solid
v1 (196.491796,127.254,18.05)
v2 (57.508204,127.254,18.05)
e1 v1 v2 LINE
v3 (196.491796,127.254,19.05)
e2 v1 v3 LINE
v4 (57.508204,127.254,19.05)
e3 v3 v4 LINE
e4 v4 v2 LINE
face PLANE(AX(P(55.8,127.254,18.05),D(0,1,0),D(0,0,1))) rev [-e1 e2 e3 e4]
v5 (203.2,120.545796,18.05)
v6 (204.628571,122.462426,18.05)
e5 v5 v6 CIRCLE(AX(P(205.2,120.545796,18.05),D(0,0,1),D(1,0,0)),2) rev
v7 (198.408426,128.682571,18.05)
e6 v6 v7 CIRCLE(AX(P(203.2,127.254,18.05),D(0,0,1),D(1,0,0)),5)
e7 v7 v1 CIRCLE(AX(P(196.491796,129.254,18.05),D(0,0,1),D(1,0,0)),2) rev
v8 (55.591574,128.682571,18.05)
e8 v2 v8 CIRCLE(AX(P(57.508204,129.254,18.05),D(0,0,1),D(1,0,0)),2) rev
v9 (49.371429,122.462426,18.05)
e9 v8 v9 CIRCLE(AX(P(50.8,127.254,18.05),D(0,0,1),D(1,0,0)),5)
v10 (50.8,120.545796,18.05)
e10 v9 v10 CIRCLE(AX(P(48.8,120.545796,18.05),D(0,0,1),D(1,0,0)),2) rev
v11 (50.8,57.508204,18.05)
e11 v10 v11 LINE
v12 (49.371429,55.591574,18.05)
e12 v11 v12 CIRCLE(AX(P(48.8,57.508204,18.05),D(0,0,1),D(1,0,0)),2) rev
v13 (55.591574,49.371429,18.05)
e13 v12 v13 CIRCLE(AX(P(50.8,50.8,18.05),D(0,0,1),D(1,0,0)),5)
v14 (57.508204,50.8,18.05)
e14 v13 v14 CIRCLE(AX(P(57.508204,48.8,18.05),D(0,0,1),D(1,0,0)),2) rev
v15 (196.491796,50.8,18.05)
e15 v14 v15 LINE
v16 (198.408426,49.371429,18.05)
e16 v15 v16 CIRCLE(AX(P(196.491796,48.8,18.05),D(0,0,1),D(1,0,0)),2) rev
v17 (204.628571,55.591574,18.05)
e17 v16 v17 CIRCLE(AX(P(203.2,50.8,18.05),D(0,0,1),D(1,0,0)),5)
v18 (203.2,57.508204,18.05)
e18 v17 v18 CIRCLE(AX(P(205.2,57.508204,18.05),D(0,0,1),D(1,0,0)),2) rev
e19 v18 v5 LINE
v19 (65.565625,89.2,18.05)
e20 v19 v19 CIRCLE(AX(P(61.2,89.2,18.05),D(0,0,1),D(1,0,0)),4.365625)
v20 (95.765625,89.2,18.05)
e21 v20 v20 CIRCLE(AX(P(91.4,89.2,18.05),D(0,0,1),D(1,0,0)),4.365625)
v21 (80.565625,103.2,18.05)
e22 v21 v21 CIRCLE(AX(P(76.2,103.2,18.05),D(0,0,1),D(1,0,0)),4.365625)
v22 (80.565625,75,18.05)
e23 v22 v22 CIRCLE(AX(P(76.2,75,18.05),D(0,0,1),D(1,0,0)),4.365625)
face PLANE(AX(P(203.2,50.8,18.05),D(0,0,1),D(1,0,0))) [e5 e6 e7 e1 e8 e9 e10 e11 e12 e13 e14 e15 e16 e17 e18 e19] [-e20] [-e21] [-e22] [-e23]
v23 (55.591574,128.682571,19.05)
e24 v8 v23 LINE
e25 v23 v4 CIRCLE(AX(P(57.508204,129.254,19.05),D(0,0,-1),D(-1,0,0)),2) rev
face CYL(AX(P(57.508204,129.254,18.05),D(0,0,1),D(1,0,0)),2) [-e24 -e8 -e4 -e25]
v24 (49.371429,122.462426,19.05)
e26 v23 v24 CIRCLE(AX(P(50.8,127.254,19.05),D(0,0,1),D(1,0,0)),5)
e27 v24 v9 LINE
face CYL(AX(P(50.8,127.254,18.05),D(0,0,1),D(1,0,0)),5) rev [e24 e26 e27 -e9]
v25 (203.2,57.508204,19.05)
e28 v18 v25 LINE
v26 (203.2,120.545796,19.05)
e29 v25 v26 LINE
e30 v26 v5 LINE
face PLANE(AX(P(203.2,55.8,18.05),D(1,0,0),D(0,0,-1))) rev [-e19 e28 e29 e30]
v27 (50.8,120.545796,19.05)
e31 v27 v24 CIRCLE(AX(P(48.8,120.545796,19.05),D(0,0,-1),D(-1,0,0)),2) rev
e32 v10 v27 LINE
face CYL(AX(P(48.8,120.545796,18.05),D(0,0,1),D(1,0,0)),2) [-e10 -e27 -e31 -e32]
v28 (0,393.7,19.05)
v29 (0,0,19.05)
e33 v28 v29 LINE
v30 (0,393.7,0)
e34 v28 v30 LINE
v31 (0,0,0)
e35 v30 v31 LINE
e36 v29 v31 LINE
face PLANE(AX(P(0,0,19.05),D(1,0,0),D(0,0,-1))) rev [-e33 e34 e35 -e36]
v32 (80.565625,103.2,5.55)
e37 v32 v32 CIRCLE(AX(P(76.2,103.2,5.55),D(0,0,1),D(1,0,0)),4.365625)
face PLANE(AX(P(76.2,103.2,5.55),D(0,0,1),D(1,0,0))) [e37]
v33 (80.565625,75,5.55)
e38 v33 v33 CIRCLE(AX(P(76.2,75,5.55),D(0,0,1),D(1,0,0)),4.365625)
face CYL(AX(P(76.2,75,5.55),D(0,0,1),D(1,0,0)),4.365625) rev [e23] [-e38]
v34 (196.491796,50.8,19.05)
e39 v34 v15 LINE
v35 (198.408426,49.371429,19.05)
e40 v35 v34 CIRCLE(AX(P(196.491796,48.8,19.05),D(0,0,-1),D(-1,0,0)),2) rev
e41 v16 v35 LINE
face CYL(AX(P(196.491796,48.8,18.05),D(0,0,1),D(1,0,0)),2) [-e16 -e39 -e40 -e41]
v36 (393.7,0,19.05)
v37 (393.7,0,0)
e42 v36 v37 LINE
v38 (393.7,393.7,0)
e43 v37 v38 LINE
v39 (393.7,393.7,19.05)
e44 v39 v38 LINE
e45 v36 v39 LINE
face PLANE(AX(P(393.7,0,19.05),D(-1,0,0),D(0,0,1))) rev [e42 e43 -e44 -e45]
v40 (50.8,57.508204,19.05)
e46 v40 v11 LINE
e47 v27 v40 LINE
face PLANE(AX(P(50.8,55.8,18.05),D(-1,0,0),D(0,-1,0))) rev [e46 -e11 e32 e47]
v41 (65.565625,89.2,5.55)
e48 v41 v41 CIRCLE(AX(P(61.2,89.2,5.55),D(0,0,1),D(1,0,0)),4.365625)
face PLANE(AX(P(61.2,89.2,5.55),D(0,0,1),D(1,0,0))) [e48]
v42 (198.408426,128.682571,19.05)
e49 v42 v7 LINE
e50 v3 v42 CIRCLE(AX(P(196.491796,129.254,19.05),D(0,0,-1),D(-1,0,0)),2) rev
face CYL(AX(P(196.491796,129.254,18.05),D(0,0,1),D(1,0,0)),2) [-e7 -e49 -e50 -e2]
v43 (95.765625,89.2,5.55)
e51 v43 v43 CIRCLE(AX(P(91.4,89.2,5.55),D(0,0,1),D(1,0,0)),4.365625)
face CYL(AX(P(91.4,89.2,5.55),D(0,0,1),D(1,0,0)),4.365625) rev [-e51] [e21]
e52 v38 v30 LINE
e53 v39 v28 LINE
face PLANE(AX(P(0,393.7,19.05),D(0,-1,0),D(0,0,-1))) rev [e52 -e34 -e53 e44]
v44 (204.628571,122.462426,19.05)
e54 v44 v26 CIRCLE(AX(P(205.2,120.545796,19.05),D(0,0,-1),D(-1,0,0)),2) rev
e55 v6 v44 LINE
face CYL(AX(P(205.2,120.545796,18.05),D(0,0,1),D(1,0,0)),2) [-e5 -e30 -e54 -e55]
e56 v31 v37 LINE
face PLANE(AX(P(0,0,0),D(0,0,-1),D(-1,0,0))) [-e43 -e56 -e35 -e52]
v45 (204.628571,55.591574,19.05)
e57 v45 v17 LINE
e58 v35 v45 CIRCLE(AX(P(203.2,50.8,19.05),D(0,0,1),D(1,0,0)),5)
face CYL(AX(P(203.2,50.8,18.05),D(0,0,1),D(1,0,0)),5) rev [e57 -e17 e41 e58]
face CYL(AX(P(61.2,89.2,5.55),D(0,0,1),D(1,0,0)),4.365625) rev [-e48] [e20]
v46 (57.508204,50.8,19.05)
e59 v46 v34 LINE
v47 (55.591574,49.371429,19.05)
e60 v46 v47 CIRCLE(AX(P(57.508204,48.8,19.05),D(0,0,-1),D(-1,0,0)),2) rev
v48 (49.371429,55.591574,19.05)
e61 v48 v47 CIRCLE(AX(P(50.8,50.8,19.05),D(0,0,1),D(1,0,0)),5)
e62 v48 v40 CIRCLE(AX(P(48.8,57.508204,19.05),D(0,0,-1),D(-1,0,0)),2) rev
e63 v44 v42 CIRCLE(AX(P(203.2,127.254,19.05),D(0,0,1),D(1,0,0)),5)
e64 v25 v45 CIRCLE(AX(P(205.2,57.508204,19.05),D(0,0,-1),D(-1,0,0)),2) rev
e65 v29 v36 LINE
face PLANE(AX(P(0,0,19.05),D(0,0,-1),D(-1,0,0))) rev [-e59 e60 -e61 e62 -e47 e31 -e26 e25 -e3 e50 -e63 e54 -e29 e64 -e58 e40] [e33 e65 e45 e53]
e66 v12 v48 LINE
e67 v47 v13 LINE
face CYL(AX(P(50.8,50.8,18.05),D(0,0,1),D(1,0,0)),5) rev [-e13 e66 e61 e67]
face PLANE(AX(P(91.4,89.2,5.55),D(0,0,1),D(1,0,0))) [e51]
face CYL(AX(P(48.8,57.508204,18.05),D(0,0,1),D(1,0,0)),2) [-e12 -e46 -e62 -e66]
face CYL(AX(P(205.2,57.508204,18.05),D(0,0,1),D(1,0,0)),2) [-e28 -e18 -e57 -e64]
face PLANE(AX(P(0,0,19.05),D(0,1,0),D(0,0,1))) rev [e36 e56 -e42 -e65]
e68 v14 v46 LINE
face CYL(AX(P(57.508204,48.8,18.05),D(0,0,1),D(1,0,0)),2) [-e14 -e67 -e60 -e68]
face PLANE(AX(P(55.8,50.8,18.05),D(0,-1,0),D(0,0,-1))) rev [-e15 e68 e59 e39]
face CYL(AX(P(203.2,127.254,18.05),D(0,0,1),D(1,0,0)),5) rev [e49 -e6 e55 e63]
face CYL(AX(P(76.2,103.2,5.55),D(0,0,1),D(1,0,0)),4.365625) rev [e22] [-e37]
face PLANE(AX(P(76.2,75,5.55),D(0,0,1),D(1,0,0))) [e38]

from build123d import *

# Parameters (mm, degrees)
SKETCH1_W           = 393.7
SKETCH1_H           = 393.7
BOSS_EXTRUDE1_DEPTH = 19.05
CUT_EXTRUDE2_DEPTH  = 1
SKETCH3_R           = 4.365625
CUT_EXTRUDE4_DEPTH  = 12.5
FILLET1_R           = 2


with BuildPart() as part:
    # Sketch1 → Boss-Extrude1 (new body)
    with BuildSketch(Plane.XY):
        with Locations((196.85, 196.85)):
            Rectangle(SKETCH1_W, SKETCH1_H)
    extrude(amount=BOSS_EXTRUDE1_DEPTH)

    # Sketch2 → Cut-Extrude2 (cut)
    with BuildSketch(Plane.XY.offset(19.05)):
        with BuildLine():
            Line((55.8, 50.8), (198.2, 50.8))
            ThreePointArc((198.2, 50.8), (206.735533906, 47.264466094), (203.2, 55.8))
            Line((203.2, 55.8), (203.2, 122.254))
            ThreePointArc((203.2, 122.254), (206.735533906, 130.789533906), (198.2, 127.254))
            Line((198.2, 127.254), (55.8, 127.254))
            ThreePointArc((55.8, 127.254), (47.264466094, 130.789533906), (50.8, 122.254))
            Line((50.8, 122.254), (50.8, 55.8))
            ThreePointArc((50.8, 55.8), (47.264466094, 47.264466094), (55.8, 50.8))
        make_face()
    extrude(amount=-CUT_EXTRUDE2_DEPTH, mode=Mode.SUBTRACT)

    # Sketch3 → Cut-Extrude4 (cut)
    with BuildSketch(Plane.XY.offset(18.05)):
        with Locations((61.2, 89.2)):
            Circle(SKETCH3_R)
        with Locations((91.4, 89.2)):
            Circle(SKETCH3_R)
        with Locations((76.2, 75)):
            Circle(SKETCH3_R)
        with Locations((76.2, 103.2)):
            Circle(SKETCH3_R)
    extrude(amount=-CUT_EXTRUDE4_DEPTH, mode=Mode.SUBTRACT)

    # Fillet1
    fillet1_edges = [part.edges().sort_by_distance(p)[0] for p in [
        (203.2, 55.8, 18.55),
        (198.2, 50.8, 18.55),
        (55.8, 50.8, 18.55),
        (50.8, 55.8, 18.55),
        (50.8, 122.254, 18.55),
        (55.8, 127.254, 18.55),
        (198.2, 127.254, 18.55),
        (203.2, 122.254, 18.55),
    ]]
    fillet(fillet1_edges, radius=FILLET1_R)


solid = part.part
